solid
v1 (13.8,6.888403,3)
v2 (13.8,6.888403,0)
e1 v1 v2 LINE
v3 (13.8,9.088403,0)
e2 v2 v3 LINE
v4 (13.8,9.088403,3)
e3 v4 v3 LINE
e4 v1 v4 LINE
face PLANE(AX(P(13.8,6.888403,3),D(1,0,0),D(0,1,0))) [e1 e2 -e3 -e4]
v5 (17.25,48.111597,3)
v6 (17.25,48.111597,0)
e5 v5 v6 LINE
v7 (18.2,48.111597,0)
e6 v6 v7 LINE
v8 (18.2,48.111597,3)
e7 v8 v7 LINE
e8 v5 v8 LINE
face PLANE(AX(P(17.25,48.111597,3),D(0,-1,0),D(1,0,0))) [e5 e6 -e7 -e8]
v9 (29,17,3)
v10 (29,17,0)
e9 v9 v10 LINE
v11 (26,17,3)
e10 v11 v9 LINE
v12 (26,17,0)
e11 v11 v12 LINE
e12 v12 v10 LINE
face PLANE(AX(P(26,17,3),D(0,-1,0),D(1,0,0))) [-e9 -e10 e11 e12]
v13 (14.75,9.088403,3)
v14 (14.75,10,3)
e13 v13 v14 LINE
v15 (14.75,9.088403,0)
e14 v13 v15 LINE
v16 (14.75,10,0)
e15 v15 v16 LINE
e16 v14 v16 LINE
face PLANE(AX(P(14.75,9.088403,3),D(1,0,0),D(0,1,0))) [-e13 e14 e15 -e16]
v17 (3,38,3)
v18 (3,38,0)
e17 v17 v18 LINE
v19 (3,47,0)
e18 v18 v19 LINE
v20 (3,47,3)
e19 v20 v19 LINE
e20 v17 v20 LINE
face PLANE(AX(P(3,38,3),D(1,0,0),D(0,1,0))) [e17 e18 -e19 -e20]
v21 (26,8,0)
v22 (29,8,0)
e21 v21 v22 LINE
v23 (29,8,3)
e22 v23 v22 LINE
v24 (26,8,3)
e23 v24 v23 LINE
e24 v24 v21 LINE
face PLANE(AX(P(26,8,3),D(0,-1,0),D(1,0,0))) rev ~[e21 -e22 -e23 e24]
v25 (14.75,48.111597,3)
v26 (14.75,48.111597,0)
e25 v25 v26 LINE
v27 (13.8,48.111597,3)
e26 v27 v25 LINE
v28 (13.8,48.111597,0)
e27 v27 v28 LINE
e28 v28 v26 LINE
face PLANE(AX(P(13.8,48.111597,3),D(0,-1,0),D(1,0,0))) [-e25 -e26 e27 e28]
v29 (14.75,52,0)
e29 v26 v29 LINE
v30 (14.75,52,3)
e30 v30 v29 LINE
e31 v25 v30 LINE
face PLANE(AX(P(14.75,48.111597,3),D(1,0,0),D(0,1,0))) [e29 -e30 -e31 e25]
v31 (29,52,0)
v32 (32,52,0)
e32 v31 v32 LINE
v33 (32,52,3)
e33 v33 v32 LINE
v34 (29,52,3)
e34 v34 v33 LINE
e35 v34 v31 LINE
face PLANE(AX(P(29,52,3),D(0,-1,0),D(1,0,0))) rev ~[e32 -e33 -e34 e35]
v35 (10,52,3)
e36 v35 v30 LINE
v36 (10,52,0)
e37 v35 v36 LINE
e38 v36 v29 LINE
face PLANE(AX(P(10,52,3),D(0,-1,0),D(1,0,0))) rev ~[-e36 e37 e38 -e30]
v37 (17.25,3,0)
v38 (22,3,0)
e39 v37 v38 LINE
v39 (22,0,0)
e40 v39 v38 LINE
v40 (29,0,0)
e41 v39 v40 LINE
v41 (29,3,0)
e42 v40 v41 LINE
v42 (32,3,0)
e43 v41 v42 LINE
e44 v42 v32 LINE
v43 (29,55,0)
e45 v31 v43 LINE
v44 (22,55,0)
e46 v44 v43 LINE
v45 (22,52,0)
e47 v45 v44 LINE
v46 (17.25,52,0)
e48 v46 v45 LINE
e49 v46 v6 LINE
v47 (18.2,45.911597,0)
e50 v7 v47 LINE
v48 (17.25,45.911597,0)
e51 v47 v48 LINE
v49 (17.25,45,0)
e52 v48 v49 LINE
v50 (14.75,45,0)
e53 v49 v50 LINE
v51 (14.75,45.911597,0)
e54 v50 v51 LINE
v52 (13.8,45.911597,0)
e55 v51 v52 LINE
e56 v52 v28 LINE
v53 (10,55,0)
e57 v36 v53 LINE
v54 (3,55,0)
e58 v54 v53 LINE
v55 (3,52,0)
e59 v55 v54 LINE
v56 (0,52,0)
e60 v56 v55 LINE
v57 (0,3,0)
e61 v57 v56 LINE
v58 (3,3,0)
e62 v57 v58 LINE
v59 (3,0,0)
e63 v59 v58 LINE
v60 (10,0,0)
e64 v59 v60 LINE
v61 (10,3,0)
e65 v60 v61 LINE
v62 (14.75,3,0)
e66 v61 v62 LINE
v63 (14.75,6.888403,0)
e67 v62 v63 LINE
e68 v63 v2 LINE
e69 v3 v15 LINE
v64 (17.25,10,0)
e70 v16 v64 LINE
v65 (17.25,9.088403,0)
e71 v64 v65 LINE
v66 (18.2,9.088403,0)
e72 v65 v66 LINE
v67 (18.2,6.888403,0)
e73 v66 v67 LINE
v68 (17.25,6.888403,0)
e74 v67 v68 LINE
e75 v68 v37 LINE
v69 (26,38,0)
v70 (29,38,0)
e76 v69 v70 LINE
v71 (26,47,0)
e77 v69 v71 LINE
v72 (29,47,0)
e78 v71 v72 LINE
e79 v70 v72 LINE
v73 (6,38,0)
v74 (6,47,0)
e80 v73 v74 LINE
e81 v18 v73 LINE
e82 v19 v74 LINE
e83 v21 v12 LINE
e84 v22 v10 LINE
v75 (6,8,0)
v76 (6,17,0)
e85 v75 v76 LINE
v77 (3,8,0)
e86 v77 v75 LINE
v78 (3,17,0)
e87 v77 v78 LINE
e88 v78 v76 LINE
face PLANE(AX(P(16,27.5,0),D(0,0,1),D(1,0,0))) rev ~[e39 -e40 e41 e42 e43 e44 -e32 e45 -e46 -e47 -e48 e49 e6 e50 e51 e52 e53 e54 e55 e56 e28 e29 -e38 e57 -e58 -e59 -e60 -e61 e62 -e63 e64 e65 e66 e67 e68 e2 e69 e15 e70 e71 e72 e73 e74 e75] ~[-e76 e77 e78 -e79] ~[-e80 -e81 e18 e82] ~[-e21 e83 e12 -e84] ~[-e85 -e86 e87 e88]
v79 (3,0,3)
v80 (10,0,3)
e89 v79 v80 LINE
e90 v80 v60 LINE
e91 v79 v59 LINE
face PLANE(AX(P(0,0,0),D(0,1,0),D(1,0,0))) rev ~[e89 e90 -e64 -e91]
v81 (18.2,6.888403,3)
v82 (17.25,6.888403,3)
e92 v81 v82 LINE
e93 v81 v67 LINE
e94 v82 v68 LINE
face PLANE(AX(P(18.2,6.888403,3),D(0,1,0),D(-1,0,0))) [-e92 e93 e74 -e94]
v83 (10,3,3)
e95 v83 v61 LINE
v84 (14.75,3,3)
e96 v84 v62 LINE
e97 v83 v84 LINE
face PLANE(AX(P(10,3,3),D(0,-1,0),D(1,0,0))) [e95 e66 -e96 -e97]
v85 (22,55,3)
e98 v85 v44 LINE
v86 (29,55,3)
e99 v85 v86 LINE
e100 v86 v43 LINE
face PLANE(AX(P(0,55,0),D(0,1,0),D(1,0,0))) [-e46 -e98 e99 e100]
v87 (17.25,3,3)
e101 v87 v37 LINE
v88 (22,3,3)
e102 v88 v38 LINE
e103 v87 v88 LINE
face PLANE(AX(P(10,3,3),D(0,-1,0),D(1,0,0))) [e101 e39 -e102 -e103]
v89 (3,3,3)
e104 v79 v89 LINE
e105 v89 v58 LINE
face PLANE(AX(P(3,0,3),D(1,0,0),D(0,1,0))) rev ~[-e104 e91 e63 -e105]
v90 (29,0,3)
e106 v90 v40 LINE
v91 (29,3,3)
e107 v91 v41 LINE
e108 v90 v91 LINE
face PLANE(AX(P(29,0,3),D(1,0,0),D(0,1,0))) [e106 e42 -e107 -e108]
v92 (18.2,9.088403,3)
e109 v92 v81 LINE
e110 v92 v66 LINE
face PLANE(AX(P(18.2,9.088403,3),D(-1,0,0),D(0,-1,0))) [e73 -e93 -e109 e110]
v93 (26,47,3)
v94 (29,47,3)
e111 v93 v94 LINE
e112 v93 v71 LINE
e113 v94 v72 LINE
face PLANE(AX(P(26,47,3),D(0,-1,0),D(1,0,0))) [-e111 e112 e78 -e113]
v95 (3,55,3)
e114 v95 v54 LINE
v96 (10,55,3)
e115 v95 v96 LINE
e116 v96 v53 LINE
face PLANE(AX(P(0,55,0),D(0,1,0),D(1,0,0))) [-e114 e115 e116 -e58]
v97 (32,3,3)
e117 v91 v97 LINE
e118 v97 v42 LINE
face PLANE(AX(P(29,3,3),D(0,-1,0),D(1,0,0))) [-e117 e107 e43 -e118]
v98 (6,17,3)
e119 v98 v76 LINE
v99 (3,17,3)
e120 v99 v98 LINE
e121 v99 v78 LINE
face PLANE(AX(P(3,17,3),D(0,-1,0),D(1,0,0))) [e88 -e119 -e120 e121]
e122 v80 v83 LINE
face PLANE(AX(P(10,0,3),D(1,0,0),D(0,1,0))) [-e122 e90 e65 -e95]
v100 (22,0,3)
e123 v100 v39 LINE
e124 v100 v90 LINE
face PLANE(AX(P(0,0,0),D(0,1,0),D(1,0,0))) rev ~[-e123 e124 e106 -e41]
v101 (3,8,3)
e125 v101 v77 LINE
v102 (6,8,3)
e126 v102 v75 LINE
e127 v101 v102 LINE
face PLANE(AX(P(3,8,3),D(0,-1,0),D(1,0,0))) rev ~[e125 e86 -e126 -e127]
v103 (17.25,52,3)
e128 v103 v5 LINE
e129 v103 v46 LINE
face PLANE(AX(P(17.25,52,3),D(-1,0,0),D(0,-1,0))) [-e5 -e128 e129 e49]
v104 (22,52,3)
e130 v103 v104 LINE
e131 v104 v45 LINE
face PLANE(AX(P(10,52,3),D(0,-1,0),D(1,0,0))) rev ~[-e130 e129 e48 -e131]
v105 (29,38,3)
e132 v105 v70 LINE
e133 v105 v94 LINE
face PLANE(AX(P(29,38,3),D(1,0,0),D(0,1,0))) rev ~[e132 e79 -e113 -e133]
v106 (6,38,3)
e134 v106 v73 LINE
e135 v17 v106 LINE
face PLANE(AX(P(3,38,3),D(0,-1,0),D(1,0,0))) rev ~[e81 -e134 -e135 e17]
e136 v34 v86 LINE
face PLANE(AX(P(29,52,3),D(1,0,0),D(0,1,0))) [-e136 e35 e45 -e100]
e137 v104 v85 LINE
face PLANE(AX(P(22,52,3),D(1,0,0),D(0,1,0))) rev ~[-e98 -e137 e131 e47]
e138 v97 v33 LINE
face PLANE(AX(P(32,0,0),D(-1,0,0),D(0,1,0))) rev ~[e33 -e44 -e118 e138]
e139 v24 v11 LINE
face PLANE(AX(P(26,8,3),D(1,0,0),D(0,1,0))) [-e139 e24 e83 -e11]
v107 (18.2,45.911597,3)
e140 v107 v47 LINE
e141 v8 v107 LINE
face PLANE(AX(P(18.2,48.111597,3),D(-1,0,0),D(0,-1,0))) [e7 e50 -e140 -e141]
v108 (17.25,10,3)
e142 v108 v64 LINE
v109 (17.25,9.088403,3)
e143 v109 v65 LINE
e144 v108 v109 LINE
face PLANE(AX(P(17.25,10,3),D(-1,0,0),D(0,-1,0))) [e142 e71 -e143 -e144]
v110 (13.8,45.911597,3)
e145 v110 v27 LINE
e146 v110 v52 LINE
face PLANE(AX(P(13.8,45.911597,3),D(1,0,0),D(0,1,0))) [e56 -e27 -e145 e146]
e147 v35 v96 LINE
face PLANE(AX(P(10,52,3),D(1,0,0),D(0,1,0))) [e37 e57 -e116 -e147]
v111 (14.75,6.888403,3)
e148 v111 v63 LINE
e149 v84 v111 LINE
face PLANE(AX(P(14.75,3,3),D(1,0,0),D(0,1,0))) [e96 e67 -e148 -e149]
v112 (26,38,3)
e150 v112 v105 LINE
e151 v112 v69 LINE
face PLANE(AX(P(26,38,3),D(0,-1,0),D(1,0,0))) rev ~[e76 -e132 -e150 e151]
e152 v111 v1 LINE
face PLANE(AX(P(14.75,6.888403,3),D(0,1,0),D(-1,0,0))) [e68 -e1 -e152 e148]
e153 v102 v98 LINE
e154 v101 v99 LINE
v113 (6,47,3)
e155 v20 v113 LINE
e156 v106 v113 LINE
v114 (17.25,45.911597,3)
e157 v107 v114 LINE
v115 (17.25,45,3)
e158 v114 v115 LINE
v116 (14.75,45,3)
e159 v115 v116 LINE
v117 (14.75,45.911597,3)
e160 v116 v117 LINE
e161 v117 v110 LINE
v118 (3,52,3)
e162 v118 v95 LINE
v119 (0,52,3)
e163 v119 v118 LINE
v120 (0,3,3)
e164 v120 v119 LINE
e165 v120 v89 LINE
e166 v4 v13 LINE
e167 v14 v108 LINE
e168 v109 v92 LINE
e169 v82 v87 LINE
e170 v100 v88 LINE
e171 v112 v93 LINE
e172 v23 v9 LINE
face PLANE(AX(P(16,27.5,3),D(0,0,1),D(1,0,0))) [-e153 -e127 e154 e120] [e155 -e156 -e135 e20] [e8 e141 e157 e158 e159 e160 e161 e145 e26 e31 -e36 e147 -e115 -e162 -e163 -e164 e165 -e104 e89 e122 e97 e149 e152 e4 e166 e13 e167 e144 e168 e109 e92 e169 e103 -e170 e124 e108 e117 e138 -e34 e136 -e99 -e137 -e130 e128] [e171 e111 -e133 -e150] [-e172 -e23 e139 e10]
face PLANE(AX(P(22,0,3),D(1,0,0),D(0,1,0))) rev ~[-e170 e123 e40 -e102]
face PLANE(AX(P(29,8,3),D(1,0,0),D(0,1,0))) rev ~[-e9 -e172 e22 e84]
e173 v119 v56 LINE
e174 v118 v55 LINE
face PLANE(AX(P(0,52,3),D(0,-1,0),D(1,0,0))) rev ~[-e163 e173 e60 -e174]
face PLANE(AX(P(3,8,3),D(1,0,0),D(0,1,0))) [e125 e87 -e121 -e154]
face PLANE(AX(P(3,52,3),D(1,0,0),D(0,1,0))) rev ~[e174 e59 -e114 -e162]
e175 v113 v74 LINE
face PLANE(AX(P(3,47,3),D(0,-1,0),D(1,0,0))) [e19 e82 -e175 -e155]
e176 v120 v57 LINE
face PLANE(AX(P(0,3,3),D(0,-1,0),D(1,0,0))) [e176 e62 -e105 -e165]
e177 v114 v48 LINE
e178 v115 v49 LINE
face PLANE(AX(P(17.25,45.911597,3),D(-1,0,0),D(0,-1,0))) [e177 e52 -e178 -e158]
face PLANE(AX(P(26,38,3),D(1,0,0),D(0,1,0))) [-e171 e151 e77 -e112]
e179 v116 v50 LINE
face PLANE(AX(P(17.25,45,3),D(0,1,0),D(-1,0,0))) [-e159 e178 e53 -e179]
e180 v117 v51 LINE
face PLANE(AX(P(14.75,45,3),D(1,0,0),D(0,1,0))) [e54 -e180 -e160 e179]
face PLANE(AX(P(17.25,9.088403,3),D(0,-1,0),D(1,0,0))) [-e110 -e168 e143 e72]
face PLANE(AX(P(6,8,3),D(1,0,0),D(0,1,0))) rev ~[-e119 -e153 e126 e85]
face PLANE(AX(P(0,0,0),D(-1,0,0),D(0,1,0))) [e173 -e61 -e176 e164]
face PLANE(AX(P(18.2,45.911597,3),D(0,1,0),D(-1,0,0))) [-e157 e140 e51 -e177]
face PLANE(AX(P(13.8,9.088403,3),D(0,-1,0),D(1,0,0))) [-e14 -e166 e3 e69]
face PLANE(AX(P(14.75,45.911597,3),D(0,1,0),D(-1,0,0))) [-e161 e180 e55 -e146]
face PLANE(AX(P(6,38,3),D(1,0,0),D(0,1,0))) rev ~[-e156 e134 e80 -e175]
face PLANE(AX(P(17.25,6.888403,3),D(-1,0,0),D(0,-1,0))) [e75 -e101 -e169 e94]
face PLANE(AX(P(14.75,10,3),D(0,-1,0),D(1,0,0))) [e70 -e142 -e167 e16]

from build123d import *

# Parameters (mm, degrees)
SKETCH_1_W          = 32
SKETCH_1_H          = 55
EXTRUDE_1_DEPTH     = 3
SKETCH_2_W          = 3
SKETCH_2_H          = 3
SKETCH_2_W_2        = 12
CUT_EXTRUDE_1_DEPTH = 4
SKETCH_3_W          = 3
SKETCH_3_H          = 9
CUT_EXTRUDE_2_DEPTH = 4
CUT_EXTRUDE_3_DEPTH = 10


with BuildPart() as part:
    # 스케치1 → 보스-돌출1 (new body)
    with BuildSketch(Plane.XY):
        with Locations((16, 27.5)):
            Rectangle(SKETCH_1_W, SKETCH_1_H)
    extrude(amount=EXTRUDE_1_DEPTH)

    # 스케치2 → 컷-돌출1 (cut, through all)
    with BuildSketch(Plane.XY.offset(3)):
        with Locations((1.5, 53.5)):
            Rectangle(SKETCH_2_W, SKETCH_2_H)
        with Locations((16, 53.5)):
            Rectangle(SKETCH_2_W_2, SKETCH_2_H)
        with Locations((30.5, 53.5)):
            Rectangle(SKETCH_2_W, SKETCH_2_H)
        with Locations((1.5, 1.5)):
            Rectangle(SKETCH_2_W, SKETCH_2_H)
        with Locations((16, 1.5)):
            Rectangle(SKETCH_2_W_2, SKETCH_2_H)
        with Locations((30.5, 1.5)):
            Rectangle(SKETCH_2_W, SKETCH_2_H)
    extrude(amount=-CUT_EXTRUDE_1_DEPTH, mode=Mode.SUBTRACT)

    # 스케치3 → 컷-돌출2 (cut, through all)
    with BuildSketch(Plane.XY.offset(3)):
        with Locations((4.5, 42.5)):
            Rectangle(SKETCH_3_W, SKETCH_3_H)
        with Locations((27.5, 42.5)):
            Rectangle(SKETCH_3_W, SKETCH_3_H)
        with Locations((27.5, 12.5)):
            Rectangle(SKETCH_3_W, SKETCH_3_H)
        with Locations((4.5, 12.5)):
            Rectangle(SKETCH_3_W, SKETCH_3_H)
    extrude(amount=-CUT_EXTRUDE_2_DEPTH, mode=Mode.SUBTRACT)

    # 스케치5 → 컷-돌출3 (cut)
    with BuildSketch(Plane.XY.offset(3)):
        Polygon((14.75, 10), (17.25, 10), (17.25, 9.08840284), (18.2, 9.08840284), (18.2, 6.88840284), (17.25, 6.88840284), (17.25, 3), (14.75, 3), (14.75, 6.88840284), (13.8, 6.88840284), (13.8, 9.08840284), (14.75, 9.08840284), align=None)
        Polygon((14.75, 45), (14.75, 45.91159716), (13.8, 45.91159716), (13.8, 48.11159716), (14.75, 48.11159716), (14.75, 52), (17.25, 52), (17.25, 48.11159716), (18.2, 48.11159716), (18.2, 45.91159716), (17.25, 45.91159716), (17.25, 45), align=None)
    extrude(amount=-CUT_EXTRUDE_3_DEPTH, mode=Mode.SUBTRACT)


solid = part.part
